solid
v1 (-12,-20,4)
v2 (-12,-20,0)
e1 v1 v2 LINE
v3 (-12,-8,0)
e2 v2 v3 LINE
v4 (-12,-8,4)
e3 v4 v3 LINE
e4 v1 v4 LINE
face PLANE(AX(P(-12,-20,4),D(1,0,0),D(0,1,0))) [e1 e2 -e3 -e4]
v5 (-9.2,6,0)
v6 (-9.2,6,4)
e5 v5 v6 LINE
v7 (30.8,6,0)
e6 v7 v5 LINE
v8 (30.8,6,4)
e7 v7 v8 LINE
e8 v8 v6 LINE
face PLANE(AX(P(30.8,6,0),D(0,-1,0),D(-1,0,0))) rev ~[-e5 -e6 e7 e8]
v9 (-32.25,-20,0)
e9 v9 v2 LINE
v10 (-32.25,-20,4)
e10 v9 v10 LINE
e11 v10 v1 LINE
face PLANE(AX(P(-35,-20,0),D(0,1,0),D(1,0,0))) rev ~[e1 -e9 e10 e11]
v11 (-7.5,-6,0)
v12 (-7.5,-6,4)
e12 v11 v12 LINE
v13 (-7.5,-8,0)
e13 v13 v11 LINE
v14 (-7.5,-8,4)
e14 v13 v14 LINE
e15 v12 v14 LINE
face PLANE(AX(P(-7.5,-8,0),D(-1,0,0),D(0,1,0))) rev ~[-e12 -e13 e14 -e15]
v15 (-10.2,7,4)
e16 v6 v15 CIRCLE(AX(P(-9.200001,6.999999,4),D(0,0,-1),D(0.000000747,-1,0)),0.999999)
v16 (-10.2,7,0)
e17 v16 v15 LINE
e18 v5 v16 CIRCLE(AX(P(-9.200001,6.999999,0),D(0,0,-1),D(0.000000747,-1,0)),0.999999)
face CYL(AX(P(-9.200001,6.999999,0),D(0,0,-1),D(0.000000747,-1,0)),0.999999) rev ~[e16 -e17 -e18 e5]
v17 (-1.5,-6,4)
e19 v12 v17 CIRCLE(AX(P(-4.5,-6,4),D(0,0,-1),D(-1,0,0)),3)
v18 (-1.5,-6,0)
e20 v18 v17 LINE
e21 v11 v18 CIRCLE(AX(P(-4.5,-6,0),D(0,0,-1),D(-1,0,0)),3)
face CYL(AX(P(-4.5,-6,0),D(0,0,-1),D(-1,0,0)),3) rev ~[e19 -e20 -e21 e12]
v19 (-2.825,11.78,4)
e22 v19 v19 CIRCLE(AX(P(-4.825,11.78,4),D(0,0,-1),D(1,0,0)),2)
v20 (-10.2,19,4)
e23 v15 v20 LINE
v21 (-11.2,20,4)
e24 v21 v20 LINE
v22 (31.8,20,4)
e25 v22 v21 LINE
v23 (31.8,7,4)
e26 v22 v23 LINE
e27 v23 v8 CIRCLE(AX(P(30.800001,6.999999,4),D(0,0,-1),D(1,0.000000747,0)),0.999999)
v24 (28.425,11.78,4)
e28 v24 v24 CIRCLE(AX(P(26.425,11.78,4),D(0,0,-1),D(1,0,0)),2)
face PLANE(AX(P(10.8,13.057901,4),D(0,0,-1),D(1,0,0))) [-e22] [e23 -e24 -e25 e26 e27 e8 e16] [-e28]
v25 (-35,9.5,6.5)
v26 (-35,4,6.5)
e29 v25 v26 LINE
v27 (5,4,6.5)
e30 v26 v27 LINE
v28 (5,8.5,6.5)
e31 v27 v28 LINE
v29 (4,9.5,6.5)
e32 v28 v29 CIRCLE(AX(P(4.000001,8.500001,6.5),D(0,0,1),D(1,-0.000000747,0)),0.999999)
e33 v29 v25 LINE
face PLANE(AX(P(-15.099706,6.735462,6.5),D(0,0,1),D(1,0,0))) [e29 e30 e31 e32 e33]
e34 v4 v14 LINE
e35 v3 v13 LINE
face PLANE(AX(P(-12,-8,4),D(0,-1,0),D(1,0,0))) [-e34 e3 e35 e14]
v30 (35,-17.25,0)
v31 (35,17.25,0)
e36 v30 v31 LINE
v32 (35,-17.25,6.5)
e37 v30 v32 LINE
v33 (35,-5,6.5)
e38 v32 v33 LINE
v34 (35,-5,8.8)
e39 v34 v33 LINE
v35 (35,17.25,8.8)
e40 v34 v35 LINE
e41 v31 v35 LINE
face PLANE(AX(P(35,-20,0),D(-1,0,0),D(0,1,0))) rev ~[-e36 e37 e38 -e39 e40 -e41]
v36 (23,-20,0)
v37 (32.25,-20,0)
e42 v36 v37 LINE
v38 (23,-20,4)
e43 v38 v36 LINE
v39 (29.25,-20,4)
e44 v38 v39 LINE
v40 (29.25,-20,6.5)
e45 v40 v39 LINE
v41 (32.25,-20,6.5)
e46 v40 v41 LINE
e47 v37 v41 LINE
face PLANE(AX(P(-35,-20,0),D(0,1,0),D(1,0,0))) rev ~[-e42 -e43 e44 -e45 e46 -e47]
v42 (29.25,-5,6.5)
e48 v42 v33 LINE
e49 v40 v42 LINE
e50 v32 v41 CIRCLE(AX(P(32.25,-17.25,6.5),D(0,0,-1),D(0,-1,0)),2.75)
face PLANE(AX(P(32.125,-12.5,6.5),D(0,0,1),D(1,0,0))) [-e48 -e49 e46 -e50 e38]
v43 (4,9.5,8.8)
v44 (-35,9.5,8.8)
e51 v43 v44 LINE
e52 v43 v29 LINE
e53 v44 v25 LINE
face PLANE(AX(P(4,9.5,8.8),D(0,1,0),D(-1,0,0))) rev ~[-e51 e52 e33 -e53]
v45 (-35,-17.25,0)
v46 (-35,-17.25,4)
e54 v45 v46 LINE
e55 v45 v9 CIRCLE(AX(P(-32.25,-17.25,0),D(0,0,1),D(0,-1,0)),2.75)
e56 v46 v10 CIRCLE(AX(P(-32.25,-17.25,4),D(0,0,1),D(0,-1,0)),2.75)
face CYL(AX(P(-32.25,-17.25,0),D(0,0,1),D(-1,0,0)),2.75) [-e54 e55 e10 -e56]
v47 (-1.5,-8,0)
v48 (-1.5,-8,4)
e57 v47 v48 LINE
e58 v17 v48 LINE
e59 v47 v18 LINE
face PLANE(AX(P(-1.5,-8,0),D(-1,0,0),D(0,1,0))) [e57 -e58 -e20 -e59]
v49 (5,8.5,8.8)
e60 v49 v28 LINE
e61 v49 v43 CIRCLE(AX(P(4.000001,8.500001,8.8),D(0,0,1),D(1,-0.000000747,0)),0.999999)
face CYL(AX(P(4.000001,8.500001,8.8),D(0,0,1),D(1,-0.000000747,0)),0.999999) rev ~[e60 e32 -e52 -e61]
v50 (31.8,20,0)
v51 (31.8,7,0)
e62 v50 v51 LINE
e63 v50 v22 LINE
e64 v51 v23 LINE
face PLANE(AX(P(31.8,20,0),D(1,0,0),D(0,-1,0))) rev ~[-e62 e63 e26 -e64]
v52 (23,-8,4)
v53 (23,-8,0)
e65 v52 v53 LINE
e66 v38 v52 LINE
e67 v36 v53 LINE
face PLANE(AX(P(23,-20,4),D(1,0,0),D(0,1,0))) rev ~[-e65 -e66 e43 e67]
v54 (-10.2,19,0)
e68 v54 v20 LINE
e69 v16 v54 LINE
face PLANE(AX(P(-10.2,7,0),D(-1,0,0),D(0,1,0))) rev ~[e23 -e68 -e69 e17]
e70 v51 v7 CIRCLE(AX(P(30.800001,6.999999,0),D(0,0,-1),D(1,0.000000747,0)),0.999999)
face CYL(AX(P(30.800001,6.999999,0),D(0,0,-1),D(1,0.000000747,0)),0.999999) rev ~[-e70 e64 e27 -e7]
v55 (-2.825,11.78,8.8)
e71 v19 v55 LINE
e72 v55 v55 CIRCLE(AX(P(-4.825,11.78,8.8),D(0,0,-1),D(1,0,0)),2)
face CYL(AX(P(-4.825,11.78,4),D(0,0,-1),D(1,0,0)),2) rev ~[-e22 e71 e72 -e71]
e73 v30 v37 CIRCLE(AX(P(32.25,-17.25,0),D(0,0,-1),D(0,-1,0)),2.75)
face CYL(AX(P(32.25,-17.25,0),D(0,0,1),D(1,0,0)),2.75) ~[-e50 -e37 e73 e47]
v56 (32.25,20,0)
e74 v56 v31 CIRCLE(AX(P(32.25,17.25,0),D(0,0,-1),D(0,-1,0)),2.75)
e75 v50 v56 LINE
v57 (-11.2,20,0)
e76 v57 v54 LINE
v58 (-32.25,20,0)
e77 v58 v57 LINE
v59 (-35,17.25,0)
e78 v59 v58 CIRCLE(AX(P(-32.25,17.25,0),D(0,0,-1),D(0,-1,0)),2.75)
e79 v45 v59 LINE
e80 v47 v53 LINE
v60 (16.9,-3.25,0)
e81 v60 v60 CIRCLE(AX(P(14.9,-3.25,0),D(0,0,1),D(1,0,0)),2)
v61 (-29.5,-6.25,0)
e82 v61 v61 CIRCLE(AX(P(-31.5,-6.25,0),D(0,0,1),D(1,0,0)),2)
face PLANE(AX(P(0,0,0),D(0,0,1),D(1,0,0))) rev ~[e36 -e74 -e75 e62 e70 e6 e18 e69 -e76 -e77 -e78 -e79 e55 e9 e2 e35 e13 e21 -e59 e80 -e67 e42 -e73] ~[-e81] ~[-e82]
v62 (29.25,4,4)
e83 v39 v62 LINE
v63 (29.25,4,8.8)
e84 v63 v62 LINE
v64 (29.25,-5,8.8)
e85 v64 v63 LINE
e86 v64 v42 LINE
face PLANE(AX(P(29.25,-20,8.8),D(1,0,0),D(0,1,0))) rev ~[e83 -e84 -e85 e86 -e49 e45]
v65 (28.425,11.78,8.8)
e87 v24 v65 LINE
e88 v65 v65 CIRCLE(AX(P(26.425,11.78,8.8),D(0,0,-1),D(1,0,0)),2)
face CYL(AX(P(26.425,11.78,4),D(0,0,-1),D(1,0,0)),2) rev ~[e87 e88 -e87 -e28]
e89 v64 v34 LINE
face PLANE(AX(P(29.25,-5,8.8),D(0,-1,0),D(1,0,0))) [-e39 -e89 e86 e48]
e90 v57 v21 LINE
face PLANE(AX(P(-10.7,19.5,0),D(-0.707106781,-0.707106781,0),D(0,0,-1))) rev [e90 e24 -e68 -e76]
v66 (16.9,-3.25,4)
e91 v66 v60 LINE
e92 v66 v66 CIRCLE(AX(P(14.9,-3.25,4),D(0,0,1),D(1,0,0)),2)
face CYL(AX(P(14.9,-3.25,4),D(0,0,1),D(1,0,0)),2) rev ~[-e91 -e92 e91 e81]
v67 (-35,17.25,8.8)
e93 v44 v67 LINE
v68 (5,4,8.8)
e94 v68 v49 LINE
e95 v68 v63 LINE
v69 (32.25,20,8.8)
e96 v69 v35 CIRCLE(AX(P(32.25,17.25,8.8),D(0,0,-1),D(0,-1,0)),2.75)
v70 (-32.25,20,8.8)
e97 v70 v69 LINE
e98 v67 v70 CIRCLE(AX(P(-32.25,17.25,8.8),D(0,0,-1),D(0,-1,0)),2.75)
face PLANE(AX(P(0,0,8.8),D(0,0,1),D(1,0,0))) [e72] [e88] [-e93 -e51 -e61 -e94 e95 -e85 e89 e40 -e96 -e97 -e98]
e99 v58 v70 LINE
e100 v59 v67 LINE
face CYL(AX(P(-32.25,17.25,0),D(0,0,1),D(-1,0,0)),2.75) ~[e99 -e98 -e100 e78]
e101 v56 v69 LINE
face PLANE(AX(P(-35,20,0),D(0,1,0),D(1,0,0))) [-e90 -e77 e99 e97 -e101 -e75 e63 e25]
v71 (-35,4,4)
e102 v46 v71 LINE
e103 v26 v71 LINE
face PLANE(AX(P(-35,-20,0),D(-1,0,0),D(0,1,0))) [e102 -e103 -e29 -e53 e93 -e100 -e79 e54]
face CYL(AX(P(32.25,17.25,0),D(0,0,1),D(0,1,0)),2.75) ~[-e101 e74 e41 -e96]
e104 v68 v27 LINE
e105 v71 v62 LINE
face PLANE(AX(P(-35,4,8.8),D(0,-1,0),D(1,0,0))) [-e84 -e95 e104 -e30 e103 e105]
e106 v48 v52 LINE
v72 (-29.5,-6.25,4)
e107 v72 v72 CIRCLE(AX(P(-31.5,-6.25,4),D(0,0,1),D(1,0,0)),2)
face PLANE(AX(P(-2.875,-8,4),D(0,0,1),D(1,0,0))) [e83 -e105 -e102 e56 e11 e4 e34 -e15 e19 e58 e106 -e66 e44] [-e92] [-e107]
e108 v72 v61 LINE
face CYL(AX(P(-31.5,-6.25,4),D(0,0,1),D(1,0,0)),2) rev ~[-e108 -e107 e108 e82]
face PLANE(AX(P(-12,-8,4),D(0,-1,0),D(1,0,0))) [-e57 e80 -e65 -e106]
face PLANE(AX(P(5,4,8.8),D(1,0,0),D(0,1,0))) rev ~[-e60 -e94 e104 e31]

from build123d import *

# Parameters (mm, degrees)
SKETCH_W             = 70
SKETCH_H             = 40
PAD_DEPTH            = 8.8
POCKET_DEPTH         = 4
SKETCH002_R          = 2
POCKET001_DEPTH      = 4.801
SKETCH003_W          = 64.25
SKETCH003_H          = 24
POCKET002_DEPTH      = 4.8
SKETCH004_R          = 2
POCKET003_DEPTH      = 4
SKETCH005_W          = 35
SKETCH005_H          = 12
POCKET004_DEPTH      = 4
POCKET005_DEPTH      = 8.801
SKETCH009_W          = 5.75
SKETCH009_H          = 15
POCKET006_DEPTH      = 2.3
FILLET_R             = 2.75
CHAMFER_SIZE         = 1
BODY_PLACEMENT_ANGLE = 90


with BuildPart() as part:
    # Sketch → Pad (new body)
    with BuildSketch(Plane.XZ):
        Rectangle(SKETCH_W, SKETCH_H)
    extrude(amount=PAD_DEPTH)

    # Sketch001 (on Face5 of Pad) → Pocket (cut)
    with BuildSketch(Plane(origin=(0, 0, 0), x_dir=(1, 0, 0), z_dir=(0, 1, 0))):
        with BuildLine():
            Line((31.8, -20), (31.8, -7))
            ThreePointArc((31.8, -7), (31.507107, -6.292893), (30.8, -6))
            Line((30.8, -6), (-9.2, -6))
            ThreePointArc((-9.2, -6), (-9.907107, -6.292893), (-10.2, -7))
            Line((-10.2, -7), (-10.2, -20))
            Line((-10.2, -20), (31.8, -20))
        make_face()
    extrude(amount=-POCKET_DEPTH, mode=Mode.SUBTRACT)

    # Sketch002 (on Face7 of Pocket) → Pocket001 (cut, through all)
    with BuildSketch(Plane(origin=(0, -4, 0), x_dir=(1, 0, 0), z_dir=(0, 1, 0))):
        with Locations((-4.825, -11.78)):
            Circle(SKETCH002_R)
        with Locations((26.425, -11.78)):
            Circle(SKETCH002_R)
    extrude(amount=-POCKET001_DEPTH, mode=Mode.SUBTRACT)

    # Sketch003 (on Face5 of Pocket001) → Pocket002 (cut)
    with BuildSketch(Plane.XZ.offset(8.8)):
        with Locations((-2.875, -8)):
            Rectangle(SKETCH003_W, SKETCH003_H)
    extrude(amount=-POCKET002_DEPTH, mode=Mode.SUBTRACT)

    # Sketch004 (on Face4 of Pocket002) → Pocket003 (cut)
    with BuildSketch(Plane.XZ.offset(4)):
        with Locations((14.9, -3.25)):
            Circle(SKETCH004_R)
        with Locations((-31.5, -6.25)):
            Circle(SKETCH004_R)
    extrude(amount=-POCKET003_DEPTH, mode=Mode.SUBTRACT)

    # Sketch005 (on Face4 of Pocket003) → Pocket004 (cut)
    with BuildSketch(Plane.XZ.offset(4)):
        with Locations((5.5, -14)):
            Rectangle(SKETCH005_W, SKETCH005_H)
    extrude(amount=-POCKET004_DEPTH, mode=Mode.SUBTRACT)

    # Sketch008 (on Face2 of Pocket004) → Pocket005 (cut, through all)
    with BuildSketch(Plane(origin=(0, 0, 0), x_dir=(1, 0, 0), z_dir=(0, 1, 0))):
        with BuildLine():
            ThreePointArc((-7.5, 6), (-4.5, 3), (-1.5, 6))
            Line((-1.5, 8), (-1.5, 6))
            Line((-7.5, 8), (-1.5, 8))
            Line((-7.5, 8), (-7.5, 6))
        make_face()
    extrude(amount=-POCKET005_DEPTH, mode=Mode.SUBTRACT)

    # Sketch009 (on Face6 of Pocket005) → Pocket006 (cut)
    with BuildSketch(Plane.XZ.offset(8.8)):
        with BuildLine():
            Line((-35, 4), (5, 4))
            Line((5, 4), (5, 8.5))
            ThreePointArc((5, 8.5), (4.707107, 9.207107), (4, 9.5))
            Line((4, 9.5), (-35, 9.5))
            Line((-35, 9.5), (-35, 4))
        make_face()
        with Locations((32.125, -12.5)):
            Rectangle(SKETCH009_W, SKETCH009_H)
    extrude(amount=-POCKET006_DEPTH, mode=Mode.SUBTRACT)

    # Fillet
    fillet_edges = [part.edges().sort_by_distance(p)[0] for p in [
        (35, -4.4, 20),
        (-35, -4.4, 20),
        (35, -3.25, -20),
        (-35, -2, -20),
    ]]
    fillet(fillet_edges, radius=FILLET_R)

    # Chamfer
    chamfer_edges = [part.edges().sort_by_distance(p)[0] for p in [
        (-10.2, -2, 20),
    ]]
    chamfer(chamfer_edges, length=CHAMFER_SIZE)


with BuildPart() as part_1:
    # Body placement: moved
    add(part.part.rotate(Axis((0, 0, 0), (-1, 0, 0)), BODY_PLACEMENT_ANGLE))


solid = part_1.part
